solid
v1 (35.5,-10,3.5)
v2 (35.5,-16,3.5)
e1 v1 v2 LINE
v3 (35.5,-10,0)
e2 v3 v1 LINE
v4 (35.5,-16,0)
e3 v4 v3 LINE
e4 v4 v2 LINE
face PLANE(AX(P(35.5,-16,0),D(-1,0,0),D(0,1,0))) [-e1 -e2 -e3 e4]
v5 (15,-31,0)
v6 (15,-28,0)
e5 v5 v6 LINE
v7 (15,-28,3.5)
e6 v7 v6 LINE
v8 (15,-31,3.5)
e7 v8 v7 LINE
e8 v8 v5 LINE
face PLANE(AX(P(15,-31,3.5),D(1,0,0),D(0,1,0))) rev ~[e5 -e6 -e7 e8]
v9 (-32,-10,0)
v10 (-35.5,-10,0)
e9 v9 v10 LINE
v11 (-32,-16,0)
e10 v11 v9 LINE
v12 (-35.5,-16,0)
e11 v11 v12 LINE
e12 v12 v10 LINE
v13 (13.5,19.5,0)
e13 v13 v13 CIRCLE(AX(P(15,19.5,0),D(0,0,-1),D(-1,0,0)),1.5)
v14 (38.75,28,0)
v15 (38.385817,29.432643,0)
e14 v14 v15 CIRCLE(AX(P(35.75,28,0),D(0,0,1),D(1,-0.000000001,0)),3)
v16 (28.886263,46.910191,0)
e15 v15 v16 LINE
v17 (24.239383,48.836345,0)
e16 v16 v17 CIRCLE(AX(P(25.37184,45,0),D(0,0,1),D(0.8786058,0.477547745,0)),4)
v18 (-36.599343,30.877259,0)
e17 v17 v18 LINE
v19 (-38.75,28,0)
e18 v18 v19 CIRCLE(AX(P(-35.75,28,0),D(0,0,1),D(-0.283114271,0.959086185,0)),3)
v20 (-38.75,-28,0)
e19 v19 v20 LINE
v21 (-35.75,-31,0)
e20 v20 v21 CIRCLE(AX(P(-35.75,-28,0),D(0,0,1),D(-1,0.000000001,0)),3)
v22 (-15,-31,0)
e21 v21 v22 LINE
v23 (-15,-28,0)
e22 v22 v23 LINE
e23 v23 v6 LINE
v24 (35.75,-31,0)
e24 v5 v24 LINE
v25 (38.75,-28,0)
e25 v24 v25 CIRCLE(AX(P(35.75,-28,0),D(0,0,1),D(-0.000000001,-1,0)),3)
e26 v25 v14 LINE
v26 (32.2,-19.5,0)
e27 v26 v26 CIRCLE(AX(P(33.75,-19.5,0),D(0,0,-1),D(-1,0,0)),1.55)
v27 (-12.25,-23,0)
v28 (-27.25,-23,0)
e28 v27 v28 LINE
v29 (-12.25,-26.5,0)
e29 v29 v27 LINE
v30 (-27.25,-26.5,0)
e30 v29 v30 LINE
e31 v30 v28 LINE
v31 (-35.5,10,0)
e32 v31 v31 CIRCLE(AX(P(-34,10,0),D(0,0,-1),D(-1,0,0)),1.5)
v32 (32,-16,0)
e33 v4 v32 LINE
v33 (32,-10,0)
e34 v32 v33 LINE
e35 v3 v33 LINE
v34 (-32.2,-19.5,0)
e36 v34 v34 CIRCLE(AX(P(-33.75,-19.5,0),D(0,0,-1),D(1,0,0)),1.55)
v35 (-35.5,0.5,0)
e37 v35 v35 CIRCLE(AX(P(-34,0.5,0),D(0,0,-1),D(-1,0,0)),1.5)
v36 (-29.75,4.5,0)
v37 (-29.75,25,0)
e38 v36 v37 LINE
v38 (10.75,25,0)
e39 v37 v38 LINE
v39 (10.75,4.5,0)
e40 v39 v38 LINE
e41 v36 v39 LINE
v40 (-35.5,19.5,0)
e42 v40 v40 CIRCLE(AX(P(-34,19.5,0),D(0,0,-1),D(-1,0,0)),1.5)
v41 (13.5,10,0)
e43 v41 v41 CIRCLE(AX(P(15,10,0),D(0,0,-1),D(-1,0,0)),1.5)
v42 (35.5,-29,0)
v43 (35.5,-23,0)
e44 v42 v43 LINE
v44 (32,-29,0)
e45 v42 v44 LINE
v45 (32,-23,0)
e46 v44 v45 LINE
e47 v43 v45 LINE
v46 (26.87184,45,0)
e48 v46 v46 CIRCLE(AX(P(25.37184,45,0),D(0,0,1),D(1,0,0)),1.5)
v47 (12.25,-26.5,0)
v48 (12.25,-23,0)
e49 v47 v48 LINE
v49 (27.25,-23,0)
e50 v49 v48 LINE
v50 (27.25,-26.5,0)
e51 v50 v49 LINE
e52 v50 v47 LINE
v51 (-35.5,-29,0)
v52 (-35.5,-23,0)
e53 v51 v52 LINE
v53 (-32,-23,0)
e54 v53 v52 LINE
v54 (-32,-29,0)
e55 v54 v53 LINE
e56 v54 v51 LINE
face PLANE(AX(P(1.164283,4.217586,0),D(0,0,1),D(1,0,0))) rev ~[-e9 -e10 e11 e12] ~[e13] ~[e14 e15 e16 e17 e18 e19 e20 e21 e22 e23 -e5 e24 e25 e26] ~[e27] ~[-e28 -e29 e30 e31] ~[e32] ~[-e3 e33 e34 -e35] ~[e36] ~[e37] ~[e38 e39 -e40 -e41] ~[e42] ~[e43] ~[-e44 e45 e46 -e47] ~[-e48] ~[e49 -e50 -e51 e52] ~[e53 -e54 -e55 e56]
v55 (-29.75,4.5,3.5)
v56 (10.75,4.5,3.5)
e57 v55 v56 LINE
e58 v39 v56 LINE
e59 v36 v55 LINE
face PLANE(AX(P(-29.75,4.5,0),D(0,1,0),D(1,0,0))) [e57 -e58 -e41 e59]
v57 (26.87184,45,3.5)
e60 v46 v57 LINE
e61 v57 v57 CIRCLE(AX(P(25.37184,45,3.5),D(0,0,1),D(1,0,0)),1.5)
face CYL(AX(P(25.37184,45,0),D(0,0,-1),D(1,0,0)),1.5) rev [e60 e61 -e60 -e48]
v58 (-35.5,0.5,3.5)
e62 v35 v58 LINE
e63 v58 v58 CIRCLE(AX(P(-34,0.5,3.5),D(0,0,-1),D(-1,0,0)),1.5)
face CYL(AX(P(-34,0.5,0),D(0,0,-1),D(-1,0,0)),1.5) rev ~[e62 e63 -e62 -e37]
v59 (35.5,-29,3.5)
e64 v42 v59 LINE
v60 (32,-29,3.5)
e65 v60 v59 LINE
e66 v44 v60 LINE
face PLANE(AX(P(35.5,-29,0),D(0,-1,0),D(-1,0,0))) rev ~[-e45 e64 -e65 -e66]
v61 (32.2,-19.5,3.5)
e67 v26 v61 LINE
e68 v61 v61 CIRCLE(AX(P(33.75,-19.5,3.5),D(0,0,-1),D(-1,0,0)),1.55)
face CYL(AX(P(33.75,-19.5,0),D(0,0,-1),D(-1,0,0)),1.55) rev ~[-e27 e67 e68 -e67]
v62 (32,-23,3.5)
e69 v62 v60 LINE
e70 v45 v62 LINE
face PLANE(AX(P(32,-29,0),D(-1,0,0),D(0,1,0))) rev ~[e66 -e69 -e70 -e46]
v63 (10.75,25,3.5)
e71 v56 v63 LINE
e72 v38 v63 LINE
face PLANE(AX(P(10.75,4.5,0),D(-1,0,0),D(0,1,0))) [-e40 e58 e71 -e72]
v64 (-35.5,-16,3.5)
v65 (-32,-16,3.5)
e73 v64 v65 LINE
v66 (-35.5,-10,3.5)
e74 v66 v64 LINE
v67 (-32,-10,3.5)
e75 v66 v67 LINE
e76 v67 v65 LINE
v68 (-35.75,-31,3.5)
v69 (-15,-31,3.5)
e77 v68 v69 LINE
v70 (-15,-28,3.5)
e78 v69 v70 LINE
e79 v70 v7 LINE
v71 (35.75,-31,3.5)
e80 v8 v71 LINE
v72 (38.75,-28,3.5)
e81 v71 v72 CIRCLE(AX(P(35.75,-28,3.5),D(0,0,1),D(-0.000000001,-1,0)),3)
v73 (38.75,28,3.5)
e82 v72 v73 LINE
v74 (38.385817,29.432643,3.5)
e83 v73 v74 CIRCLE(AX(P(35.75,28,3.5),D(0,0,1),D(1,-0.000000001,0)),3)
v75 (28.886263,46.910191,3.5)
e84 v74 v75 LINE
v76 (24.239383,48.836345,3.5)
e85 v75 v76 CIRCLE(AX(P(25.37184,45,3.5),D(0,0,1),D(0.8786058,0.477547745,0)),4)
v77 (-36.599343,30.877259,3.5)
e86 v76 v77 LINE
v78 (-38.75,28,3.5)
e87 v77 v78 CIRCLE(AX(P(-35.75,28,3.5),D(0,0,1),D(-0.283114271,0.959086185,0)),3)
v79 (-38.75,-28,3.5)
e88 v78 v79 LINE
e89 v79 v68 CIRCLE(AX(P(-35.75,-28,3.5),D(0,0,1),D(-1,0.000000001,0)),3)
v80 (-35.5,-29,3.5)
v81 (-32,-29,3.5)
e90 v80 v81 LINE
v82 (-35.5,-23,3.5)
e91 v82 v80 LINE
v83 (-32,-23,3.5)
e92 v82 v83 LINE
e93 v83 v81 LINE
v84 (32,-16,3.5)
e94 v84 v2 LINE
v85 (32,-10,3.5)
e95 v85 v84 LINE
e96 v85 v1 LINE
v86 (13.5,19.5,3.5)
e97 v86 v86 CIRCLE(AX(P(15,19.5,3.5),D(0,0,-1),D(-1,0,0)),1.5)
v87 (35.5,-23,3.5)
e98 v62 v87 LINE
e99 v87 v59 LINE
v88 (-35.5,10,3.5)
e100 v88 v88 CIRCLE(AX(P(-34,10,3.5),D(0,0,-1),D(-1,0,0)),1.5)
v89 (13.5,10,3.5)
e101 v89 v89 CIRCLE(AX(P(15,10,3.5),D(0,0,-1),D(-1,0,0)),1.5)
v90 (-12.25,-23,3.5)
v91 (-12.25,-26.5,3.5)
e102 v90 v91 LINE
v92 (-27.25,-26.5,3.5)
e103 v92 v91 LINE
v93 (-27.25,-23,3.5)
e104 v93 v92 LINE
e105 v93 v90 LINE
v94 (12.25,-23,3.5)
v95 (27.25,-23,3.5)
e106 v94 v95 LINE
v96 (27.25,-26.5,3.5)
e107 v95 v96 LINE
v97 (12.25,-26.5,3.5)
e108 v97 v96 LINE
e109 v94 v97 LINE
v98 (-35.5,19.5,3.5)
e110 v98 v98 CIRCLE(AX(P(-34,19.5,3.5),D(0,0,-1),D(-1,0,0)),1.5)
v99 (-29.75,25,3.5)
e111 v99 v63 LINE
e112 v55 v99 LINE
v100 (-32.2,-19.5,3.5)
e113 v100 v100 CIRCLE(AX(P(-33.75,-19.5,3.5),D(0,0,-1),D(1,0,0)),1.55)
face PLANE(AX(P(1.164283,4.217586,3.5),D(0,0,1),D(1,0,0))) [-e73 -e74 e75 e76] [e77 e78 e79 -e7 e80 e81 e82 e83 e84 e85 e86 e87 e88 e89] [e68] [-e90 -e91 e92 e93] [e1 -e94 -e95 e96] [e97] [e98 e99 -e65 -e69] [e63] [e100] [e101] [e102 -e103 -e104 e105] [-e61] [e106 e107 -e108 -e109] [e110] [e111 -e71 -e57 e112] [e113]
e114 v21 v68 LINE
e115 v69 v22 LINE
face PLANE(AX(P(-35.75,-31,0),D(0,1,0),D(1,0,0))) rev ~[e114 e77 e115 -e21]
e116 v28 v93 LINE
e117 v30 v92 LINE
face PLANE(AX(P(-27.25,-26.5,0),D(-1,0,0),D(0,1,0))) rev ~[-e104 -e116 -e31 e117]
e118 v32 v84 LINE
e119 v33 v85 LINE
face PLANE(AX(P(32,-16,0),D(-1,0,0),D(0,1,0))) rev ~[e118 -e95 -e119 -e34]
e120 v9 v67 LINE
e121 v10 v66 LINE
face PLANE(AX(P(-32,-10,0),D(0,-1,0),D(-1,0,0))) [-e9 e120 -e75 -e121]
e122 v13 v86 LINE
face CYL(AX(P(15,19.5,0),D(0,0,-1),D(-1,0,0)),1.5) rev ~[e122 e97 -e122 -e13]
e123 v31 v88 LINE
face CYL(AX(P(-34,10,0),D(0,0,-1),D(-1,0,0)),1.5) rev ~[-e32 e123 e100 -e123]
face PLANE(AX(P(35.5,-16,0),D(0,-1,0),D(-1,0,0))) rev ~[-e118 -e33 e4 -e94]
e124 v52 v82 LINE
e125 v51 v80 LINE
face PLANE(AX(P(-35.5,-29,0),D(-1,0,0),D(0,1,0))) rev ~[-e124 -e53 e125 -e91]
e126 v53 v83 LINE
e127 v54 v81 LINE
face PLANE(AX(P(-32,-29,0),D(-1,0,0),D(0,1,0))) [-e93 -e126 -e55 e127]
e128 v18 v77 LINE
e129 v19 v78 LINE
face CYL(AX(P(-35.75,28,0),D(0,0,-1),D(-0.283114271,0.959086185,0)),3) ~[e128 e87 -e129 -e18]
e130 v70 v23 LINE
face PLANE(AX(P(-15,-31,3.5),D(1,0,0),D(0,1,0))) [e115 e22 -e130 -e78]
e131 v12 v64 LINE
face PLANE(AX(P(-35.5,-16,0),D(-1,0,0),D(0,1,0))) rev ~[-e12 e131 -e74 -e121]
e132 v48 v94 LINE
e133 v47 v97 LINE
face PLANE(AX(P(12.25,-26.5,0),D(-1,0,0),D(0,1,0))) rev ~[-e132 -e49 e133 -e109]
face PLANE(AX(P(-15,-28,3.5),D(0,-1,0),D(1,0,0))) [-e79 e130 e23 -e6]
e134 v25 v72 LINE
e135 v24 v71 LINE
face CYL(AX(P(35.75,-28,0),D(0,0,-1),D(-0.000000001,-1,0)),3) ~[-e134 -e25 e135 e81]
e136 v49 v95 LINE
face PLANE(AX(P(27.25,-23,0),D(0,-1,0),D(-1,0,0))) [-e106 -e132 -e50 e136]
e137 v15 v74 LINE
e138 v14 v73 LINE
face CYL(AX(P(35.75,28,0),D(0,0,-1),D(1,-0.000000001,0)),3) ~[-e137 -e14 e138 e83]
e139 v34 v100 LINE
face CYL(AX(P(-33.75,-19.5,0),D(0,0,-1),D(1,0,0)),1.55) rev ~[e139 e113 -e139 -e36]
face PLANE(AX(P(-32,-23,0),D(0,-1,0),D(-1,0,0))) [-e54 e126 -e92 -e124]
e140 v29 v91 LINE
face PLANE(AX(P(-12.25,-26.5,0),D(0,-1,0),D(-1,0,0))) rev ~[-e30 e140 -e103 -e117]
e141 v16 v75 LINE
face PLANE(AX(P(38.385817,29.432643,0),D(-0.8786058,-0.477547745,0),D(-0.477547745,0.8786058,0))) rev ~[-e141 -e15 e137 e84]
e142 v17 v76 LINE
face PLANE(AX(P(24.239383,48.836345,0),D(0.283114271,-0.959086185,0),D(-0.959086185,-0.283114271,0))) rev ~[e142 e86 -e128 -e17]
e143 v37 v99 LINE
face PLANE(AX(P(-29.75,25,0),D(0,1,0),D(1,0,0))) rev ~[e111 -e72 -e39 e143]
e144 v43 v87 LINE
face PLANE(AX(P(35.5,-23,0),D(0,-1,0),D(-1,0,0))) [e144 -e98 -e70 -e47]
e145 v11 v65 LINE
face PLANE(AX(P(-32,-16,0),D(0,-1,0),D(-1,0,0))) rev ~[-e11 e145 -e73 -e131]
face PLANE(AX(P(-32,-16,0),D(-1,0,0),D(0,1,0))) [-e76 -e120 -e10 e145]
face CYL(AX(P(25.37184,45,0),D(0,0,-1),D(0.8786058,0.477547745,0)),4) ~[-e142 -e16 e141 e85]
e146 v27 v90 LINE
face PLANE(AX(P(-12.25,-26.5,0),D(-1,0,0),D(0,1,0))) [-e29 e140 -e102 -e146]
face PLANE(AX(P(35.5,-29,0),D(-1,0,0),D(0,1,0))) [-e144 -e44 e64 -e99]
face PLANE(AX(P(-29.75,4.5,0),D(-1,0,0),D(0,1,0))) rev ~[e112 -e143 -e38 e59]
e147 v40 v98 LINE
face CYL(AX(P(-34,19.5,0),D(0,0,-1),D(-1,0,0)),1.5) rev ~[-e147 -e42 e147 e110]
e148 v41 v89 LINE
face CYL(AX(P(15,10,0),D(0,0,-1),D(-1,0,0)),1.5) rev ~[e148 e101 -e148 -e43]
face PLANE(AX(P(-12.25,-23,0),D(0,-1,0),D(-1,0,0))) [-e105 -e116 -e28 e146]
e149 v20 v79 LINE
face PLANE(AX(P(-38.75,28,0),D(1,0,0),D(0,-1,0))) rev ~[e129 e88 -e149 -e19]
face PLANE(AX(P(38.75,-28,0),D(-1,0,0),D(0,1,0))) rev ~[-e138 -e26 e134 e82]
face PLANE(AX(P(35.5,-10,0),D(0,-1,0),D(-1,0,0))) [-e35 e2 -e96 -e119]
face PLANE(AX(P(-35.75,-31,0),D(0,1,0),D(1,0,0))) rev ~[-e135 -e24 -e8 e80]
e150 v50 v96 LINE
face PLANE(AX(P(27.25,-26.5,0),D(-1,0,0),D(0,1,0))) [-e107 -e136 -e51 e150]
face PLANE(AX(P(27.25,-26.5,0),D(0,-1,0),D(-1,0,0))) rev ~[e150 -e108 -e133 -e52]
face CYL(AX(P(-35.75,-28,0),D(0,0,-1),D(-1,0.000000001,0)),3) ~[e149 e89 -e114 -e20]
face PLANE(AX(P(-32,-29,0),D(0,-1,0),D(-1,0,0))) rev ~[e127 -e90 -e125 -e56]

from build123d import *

# Parameters (mm, degrees)
SKETCH1_R           = 1.5
SKETCH1_W           = 40.5
SKETCH1_H           = 20.5
BOSS_EXTRUDE1_DEPTH = 3.5
SKETCH2_R           = 1.55
SKETCH2_W           = 3.5
SKETCH2_H           = 6
CUT_EXTRUDE1_DEPTH  = 63.568462503
SKETCH3_W           = 15
SKETCH3_H           = 3.5
CUT_EXTRUDE2_DEPTH  = 63.568462503
SKETCH4_R           = 1.5
CUT_EXTRUDE3_DEPTH  = 63.568462503
CUT_EXTRUDE5_REACH  = 64.568
SKETCH5_R           = 1.5
SKETCH6_W           = 30
SKETCH6_H           = 3
CUT_EXTRUDE6_DEPTH  = 10


with BuildPart() as part:
    # Sketch1 → Boss-Extrude1 (new body)
    with BuildSketch(Plane.XY):
        with BuildLine():
            Line((-35.75, -31), (35.75, -31))
            ThreePointArc((35.75, -31), (37.871320344, -30.121320344), (38.75, -28))
            Line((38.75, -28), (38.75, 28))
            ThreePointArc((38.75, 28), (38.657529209, 28.739103444), (38.385817399, 29.432643235))
            Line((38.385817399, 29.432643235), (28.88626309, 46.91019098))
            ThreePointArc((28.88626309, 46.91019098), (26.903491848, 48.695137654), (24.239382807, 48.836344739))
            Line((24.239382807, 48.836344739), (-36.599342813, 30.877258554))
            ThreePointArc((-36.599342813, 30.877258554), (-38.152917855, 29.796102943), (-38.75, 28))
            Line((-38.75, 28), (-38.75, -28))
            ThreePointArc((-38.75, -28), (-37.871320344, -30.121320344), (-35.75, -31))
        make_face()
        with Locations((25.371839891, 45)):
            Circle(SKETCH1_R, mode=Mode.SUBTRACT)
        with Locations((-9.5, 14.75)):
            Rectangle(SKETCH1_W, SKETCH1_H, mode=Mode.SUBTRACT)
    extrude(amount=BOSS_EXTRUDE1_DEPTH)

    # Sketch2 → Cut-Extrude1 (cut, through all)
    with BuildSketch(Plane(origin=(0, 0, 0), x_dir=(-1, 0, 0), z_dir=(0, 0, -1))):
        with Locations((-33.75, -19.5)):
            Circle(SKETCH2_R)
        with Locations(Location((33.75, -19.5, 0), (0, 0, 180))):
            Circle(SKETCH2_R)
        with Locations((-33.75, -13)):
            Rectangle(SKETCH2_W, SKETCH2_H)
        with Locations((-33.75, -26)):
            Rectangle(SKETCH2_W, SKETCH2_H)
        with Locations((33.75, -26)):
            Rectangle(SKETCH2_W, SKETCH2_H)
        with Locations((33.75, -13)):
            Rectangle(SKETCH2_W, SKETCH2_H)
    extrude(amount=-CUT_EXTRUDE1_DEPTH, mode=Mode.SUBTRACT)

    # Sketch3 → Cut-Extrude2 (cut, through all)
    with BuildSketch(Plane(origin=(0, 0, 0), x_dir=(-1, 0, 0), z_dir=(0, 0, -1))):
        with Locations((19.75, -24.75)):
            Rectangle(SKETCH3_W, SKETCH3_H)
        with Locations((-19.75, -24.75)):
            Rectangle(SKETCH3_W, SKETCH3_H)
    extrude(amount=-CUT_EXTRUDE2_DEPTH, mode=Mode.SUBTRACT)

    # Sketch4 → Cut-Extrude3 (cut, through all)
    with BuildSketch(Plane(origin=(0, 0, 0), x_dir=(-1, 0, 0), z_dir=(0, 0, -1))):
        with Locations((-15, 19.5)):
            Circle(SKETCH4_R)
        with Locations((-15, 10)):
            Circle(SKETCH4_R)
        with Locations((34, 10)):
            Circle(SKETCH4_R)
        with Locations((34, 19.5)):
            Circle(SKETCH4_R)
    extrude(amount=-CUT_EXTRUDE3_DEPTH, mode=Mode.SUBTRACT)

    # Sketch5 → Cut-Extrude5 (cut, up to next)
    with BuildSketch(Plane(origin=(0, 0, 0), x_dir=(-1, 0, 0), z_dir=(0, 0, -1)), mode=Mode.PRIVATE) as cut_extrude5_sk1:
        with Locations((34, 0.5)):
            Circle(SKETCH5_R)
    cut_extrude5_tool1 = extrude(cut_extrude5_sk1.sketch, amount=-CUT_EXTRUDE5_REACH, mode=Mode.PRIVATE) & part.part
    add(cut_extrude5_tool1.solids().sort_by_distance((-34, 0.5, 0))[0], mode=Mode.SUBTRACT)

    # Sketch6 → Cut-Extrude6 (cut)
    with BuildSketch(Plane.XY.offset(3.5)):
        with Locations((0, -29.5)):
            Rectangle(SKETCH6_W, SKETCH6_H)
    extrude(amount=-CUT_EXTRUDE6_DEPTH, mode=Mode.SUBTRACT)


solid = part.part
